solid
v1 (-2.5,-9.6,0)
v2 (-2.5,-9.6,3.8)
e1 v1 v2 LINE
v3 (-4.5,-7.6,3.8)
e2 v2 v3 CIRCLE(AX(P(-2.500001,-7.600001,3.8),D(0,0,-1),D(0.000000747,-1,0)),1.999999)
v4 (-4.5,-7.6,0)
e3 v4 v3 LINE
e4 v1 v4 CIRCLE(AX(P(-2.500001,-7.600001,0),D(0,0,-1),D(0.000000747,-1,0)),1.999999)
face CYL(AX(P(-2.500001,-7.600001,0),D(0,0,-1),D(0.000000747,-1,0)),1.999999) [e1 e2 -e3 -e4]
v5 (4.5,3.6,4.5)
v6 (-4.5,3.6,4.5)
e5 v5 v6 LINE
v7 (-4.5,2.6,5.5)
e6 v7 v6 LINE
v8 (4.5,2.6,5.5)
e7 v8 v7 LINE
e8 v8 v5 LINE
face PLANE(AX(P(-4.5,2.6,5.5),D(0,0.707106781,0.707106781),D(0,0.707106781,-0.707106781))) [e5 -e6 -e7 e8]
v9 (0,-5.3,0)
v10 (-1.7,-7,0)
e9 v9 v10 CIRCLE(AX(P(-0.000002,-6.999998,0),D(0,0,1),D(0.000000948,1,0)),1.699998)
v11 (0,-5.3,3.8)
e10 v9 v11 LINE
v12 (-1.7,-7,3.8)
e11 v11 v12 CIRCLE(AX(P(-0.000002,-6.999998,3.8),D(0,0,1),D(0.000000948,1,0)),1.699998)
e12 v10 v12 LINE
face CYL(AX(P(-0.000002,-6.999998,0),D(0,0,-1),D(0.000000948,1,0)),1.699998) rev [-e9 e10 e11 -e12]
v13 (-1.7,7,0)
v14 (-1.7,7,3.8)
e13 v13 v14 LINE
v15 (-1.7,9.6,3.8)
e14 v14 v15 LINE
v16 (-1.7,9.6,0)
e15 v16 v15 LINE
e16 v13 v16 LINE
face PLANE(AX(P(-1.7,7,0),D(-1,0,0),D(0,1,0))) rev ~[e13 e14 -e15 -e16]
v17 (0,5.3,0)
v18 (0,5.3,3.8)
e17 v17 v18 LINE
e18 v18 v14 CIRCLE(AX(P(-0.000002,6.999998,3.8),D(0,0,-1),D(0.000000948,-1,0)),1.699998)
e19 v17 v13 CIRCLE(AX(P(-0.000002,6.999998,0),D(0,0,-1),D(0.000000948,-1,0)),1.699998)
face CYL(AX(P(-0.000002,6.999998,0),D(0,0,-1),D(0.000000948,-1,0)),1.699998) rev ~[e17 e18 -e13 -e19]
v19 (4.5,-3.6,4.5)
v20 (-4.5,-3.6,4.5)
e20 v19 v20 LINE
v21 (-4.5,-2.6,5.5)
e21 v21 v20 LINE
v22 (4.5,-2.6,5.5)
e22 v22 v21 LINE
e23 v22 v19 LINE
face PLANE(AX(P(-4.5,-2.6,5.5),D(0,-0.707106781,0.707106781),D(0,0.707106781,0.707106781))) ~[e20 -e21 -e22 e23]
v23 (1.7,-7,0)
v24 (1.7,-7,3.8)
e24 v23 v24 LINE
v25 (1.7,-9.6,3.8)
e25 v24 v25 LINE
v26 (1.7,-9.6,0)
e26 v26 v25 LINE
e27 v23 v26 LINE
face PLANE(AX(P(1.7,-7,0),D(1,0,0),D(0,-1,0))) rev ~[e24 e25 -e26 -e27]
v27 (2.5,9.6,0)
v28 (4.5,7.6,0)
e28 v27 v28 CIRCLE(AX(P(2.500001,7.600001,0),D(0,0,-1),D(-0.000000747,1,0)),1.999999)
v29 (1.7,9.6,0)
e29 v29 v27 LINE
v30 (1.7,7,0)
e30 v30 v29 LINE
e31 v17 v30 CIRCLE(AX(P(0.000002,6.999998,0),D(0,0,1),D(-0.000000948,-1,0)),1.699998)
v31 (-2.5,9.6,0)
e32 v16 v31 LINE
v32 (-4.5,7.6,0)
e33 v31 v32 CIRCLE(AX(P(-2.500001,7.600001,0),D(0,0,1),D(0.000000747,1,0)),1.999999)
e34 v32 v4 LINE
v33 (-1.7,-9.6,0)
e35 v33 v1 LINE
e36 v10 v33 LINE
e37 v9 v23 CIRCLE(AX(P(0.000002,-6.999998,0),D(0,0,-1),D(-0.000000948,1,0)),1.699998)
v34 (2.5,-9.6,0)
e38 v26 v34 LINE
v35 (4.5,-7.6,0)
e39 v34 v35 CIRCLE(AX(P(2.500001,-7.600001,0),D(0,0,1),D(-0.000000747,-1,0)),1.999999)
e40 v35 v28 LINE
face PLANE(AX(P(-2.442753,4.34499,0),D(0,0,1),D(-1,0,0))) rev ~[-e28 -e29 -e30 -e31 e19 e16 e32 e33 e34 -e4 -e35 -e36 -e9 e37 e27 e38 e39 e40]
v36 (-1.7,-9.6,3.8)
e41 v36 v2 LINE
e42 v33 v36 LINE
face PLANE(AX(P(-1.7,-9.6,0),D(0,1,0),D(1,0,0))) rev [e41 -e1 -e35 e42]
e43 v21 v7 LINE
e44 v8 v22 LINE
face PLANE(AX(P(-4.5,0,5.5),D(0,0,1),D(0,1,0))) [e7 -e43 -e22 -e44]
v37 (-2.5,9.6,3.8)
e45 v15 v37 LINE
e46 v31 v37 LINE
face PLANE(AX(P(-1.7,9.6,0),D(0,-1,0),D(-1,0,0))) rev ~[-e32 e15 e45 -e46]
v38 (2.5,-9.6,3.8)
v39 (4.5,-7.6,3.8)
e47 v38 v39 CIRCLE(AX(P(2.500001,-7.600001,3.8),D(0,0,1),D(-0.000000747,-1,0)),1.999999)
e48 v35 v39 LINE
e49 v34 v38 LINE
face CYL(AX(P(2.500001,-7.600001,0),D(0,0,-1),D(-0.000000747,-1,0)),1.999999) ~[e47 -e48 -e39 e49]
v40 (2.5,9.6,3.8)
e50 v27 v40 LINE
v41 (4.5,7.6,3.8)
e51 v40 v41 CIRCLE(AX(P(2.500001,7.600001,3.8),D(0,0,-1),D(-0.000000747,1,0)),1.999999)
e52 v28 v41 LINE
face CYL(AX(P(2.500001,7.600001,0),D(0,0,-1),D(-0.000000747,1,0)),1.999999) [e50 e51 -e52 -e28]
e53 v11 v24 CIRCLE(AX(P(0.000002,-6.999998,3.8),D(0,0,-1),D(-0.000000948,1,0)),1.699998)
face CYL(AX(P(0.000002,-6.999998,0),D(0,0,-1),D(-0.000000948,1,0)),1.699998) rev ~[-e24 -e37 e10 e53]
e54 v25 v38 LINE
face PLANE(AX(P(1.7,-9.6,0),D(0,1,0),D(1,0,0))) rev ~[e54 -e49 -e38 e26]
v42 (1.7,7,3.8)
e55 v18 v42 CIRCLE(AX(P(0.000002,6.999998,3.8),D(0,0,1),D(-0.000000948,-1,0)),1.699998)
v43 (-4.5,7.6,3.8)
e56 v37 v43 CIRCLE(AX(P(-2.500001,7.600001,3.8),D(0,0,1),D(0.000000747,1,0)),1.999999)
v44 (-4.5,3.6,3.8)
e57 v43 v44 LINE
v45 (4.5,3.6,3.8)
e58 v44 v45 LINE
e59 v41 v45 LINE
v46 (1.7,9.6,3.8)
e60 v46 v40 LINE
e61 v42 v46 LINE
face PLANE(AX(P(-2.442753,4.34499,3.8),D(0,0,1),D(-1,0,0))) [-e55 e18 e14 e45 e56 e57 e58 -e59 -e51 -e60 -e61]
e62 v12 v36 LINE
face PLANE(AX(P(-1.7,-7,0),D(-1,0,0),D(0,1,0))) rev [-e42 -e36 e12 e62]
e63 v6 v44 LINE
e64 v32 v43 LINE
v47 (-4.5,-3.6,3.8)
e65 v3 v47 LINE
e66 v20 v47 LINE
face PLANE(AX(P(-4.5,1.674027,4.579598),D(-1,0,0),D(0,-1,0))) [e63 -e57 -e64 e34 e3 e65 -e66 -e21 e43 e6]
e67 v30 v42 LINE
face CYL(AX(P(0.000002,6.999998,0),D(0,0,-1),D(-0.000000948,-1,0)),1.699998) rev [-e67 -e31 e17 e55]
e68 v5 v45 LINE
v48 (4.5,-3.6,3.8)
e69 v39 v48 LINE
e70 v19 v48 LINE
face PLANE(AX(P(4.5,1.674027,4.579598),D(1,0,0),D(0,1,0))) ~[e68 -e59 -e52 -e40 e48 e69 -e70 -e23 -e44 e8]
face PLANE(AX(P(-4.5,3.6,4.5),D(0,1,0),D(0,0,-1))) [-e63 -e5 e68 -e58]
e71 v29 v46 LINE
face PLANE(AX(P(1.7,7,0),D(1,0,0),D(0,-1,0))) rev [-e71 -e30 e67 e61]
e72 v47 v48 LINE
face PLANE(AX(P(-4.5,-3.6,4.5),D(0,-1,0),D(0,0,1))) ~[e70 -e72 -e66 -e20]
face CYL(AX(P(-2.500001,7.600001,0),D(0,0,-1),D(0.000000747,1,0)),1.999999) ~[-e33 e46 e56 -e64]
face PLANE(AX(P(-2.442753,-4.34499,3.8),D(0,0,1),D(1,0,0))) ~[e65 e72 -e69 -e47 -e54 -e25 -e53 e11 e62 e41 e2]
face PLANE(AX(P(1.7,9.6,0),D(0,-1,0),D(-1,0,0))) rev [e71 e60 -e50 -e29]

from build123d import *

# Parameters (mm, degrees)
F1_DEPTH = 3.8
F3_DEPTH = 4.5


with BuildPart() as f1:
    # F0 (on Top) → F1 (new body)
    with BuildSketch(Plane.XY):
        with BuildLine():
            Line((4.5, -7.6), (4.5, 0))
            Line((4.5, 0), (0, 0))
            Line((0, 0), (0, -5.3))
            ThreePointArc((0, -5.3), (1.202082, -5.797918), (1.7, -7))
            Line((1.7, -7), (1.7, -9.6))
            Line((1.7, -9.6), (2.5, -9.6))
            ThreePointArc((2.5, -9.6), (3.914214, -9.014214), (4.5, -7.6))
        make_face()
    extrude(amount=F1_DEPTH)

    # F2 (on face) → F3 (join, through all)
    with BuildSketch(Plane.YZ.offset(4.5)):
        Polygon((-3.6, 4.5), (-3.6, 3.8), (0, 3.8), (0, 5.5), (-2.6, 5.5), align=None)
    extrude(amount=-F3_DEPTH)

    # F4: F1 across face


with BuildPart() as f1_1:
    add(f1.part)
    add(f1.part.mirror(Plane(origin=(0, -2.43609, 2.489933), x_dir=(0, -1, 0), z_dir=(-1, 0, 0))))

    # F5: F1 across face


with BuildPart() as f1_2:
    add(f1_1.part)
    add(f1_1.part.mirror(Plane(origin=(0, 0, 2.75), x_dir=(-1, 0, 0), z_dir=(0, 1, 0))))


solid = f1_2.part
